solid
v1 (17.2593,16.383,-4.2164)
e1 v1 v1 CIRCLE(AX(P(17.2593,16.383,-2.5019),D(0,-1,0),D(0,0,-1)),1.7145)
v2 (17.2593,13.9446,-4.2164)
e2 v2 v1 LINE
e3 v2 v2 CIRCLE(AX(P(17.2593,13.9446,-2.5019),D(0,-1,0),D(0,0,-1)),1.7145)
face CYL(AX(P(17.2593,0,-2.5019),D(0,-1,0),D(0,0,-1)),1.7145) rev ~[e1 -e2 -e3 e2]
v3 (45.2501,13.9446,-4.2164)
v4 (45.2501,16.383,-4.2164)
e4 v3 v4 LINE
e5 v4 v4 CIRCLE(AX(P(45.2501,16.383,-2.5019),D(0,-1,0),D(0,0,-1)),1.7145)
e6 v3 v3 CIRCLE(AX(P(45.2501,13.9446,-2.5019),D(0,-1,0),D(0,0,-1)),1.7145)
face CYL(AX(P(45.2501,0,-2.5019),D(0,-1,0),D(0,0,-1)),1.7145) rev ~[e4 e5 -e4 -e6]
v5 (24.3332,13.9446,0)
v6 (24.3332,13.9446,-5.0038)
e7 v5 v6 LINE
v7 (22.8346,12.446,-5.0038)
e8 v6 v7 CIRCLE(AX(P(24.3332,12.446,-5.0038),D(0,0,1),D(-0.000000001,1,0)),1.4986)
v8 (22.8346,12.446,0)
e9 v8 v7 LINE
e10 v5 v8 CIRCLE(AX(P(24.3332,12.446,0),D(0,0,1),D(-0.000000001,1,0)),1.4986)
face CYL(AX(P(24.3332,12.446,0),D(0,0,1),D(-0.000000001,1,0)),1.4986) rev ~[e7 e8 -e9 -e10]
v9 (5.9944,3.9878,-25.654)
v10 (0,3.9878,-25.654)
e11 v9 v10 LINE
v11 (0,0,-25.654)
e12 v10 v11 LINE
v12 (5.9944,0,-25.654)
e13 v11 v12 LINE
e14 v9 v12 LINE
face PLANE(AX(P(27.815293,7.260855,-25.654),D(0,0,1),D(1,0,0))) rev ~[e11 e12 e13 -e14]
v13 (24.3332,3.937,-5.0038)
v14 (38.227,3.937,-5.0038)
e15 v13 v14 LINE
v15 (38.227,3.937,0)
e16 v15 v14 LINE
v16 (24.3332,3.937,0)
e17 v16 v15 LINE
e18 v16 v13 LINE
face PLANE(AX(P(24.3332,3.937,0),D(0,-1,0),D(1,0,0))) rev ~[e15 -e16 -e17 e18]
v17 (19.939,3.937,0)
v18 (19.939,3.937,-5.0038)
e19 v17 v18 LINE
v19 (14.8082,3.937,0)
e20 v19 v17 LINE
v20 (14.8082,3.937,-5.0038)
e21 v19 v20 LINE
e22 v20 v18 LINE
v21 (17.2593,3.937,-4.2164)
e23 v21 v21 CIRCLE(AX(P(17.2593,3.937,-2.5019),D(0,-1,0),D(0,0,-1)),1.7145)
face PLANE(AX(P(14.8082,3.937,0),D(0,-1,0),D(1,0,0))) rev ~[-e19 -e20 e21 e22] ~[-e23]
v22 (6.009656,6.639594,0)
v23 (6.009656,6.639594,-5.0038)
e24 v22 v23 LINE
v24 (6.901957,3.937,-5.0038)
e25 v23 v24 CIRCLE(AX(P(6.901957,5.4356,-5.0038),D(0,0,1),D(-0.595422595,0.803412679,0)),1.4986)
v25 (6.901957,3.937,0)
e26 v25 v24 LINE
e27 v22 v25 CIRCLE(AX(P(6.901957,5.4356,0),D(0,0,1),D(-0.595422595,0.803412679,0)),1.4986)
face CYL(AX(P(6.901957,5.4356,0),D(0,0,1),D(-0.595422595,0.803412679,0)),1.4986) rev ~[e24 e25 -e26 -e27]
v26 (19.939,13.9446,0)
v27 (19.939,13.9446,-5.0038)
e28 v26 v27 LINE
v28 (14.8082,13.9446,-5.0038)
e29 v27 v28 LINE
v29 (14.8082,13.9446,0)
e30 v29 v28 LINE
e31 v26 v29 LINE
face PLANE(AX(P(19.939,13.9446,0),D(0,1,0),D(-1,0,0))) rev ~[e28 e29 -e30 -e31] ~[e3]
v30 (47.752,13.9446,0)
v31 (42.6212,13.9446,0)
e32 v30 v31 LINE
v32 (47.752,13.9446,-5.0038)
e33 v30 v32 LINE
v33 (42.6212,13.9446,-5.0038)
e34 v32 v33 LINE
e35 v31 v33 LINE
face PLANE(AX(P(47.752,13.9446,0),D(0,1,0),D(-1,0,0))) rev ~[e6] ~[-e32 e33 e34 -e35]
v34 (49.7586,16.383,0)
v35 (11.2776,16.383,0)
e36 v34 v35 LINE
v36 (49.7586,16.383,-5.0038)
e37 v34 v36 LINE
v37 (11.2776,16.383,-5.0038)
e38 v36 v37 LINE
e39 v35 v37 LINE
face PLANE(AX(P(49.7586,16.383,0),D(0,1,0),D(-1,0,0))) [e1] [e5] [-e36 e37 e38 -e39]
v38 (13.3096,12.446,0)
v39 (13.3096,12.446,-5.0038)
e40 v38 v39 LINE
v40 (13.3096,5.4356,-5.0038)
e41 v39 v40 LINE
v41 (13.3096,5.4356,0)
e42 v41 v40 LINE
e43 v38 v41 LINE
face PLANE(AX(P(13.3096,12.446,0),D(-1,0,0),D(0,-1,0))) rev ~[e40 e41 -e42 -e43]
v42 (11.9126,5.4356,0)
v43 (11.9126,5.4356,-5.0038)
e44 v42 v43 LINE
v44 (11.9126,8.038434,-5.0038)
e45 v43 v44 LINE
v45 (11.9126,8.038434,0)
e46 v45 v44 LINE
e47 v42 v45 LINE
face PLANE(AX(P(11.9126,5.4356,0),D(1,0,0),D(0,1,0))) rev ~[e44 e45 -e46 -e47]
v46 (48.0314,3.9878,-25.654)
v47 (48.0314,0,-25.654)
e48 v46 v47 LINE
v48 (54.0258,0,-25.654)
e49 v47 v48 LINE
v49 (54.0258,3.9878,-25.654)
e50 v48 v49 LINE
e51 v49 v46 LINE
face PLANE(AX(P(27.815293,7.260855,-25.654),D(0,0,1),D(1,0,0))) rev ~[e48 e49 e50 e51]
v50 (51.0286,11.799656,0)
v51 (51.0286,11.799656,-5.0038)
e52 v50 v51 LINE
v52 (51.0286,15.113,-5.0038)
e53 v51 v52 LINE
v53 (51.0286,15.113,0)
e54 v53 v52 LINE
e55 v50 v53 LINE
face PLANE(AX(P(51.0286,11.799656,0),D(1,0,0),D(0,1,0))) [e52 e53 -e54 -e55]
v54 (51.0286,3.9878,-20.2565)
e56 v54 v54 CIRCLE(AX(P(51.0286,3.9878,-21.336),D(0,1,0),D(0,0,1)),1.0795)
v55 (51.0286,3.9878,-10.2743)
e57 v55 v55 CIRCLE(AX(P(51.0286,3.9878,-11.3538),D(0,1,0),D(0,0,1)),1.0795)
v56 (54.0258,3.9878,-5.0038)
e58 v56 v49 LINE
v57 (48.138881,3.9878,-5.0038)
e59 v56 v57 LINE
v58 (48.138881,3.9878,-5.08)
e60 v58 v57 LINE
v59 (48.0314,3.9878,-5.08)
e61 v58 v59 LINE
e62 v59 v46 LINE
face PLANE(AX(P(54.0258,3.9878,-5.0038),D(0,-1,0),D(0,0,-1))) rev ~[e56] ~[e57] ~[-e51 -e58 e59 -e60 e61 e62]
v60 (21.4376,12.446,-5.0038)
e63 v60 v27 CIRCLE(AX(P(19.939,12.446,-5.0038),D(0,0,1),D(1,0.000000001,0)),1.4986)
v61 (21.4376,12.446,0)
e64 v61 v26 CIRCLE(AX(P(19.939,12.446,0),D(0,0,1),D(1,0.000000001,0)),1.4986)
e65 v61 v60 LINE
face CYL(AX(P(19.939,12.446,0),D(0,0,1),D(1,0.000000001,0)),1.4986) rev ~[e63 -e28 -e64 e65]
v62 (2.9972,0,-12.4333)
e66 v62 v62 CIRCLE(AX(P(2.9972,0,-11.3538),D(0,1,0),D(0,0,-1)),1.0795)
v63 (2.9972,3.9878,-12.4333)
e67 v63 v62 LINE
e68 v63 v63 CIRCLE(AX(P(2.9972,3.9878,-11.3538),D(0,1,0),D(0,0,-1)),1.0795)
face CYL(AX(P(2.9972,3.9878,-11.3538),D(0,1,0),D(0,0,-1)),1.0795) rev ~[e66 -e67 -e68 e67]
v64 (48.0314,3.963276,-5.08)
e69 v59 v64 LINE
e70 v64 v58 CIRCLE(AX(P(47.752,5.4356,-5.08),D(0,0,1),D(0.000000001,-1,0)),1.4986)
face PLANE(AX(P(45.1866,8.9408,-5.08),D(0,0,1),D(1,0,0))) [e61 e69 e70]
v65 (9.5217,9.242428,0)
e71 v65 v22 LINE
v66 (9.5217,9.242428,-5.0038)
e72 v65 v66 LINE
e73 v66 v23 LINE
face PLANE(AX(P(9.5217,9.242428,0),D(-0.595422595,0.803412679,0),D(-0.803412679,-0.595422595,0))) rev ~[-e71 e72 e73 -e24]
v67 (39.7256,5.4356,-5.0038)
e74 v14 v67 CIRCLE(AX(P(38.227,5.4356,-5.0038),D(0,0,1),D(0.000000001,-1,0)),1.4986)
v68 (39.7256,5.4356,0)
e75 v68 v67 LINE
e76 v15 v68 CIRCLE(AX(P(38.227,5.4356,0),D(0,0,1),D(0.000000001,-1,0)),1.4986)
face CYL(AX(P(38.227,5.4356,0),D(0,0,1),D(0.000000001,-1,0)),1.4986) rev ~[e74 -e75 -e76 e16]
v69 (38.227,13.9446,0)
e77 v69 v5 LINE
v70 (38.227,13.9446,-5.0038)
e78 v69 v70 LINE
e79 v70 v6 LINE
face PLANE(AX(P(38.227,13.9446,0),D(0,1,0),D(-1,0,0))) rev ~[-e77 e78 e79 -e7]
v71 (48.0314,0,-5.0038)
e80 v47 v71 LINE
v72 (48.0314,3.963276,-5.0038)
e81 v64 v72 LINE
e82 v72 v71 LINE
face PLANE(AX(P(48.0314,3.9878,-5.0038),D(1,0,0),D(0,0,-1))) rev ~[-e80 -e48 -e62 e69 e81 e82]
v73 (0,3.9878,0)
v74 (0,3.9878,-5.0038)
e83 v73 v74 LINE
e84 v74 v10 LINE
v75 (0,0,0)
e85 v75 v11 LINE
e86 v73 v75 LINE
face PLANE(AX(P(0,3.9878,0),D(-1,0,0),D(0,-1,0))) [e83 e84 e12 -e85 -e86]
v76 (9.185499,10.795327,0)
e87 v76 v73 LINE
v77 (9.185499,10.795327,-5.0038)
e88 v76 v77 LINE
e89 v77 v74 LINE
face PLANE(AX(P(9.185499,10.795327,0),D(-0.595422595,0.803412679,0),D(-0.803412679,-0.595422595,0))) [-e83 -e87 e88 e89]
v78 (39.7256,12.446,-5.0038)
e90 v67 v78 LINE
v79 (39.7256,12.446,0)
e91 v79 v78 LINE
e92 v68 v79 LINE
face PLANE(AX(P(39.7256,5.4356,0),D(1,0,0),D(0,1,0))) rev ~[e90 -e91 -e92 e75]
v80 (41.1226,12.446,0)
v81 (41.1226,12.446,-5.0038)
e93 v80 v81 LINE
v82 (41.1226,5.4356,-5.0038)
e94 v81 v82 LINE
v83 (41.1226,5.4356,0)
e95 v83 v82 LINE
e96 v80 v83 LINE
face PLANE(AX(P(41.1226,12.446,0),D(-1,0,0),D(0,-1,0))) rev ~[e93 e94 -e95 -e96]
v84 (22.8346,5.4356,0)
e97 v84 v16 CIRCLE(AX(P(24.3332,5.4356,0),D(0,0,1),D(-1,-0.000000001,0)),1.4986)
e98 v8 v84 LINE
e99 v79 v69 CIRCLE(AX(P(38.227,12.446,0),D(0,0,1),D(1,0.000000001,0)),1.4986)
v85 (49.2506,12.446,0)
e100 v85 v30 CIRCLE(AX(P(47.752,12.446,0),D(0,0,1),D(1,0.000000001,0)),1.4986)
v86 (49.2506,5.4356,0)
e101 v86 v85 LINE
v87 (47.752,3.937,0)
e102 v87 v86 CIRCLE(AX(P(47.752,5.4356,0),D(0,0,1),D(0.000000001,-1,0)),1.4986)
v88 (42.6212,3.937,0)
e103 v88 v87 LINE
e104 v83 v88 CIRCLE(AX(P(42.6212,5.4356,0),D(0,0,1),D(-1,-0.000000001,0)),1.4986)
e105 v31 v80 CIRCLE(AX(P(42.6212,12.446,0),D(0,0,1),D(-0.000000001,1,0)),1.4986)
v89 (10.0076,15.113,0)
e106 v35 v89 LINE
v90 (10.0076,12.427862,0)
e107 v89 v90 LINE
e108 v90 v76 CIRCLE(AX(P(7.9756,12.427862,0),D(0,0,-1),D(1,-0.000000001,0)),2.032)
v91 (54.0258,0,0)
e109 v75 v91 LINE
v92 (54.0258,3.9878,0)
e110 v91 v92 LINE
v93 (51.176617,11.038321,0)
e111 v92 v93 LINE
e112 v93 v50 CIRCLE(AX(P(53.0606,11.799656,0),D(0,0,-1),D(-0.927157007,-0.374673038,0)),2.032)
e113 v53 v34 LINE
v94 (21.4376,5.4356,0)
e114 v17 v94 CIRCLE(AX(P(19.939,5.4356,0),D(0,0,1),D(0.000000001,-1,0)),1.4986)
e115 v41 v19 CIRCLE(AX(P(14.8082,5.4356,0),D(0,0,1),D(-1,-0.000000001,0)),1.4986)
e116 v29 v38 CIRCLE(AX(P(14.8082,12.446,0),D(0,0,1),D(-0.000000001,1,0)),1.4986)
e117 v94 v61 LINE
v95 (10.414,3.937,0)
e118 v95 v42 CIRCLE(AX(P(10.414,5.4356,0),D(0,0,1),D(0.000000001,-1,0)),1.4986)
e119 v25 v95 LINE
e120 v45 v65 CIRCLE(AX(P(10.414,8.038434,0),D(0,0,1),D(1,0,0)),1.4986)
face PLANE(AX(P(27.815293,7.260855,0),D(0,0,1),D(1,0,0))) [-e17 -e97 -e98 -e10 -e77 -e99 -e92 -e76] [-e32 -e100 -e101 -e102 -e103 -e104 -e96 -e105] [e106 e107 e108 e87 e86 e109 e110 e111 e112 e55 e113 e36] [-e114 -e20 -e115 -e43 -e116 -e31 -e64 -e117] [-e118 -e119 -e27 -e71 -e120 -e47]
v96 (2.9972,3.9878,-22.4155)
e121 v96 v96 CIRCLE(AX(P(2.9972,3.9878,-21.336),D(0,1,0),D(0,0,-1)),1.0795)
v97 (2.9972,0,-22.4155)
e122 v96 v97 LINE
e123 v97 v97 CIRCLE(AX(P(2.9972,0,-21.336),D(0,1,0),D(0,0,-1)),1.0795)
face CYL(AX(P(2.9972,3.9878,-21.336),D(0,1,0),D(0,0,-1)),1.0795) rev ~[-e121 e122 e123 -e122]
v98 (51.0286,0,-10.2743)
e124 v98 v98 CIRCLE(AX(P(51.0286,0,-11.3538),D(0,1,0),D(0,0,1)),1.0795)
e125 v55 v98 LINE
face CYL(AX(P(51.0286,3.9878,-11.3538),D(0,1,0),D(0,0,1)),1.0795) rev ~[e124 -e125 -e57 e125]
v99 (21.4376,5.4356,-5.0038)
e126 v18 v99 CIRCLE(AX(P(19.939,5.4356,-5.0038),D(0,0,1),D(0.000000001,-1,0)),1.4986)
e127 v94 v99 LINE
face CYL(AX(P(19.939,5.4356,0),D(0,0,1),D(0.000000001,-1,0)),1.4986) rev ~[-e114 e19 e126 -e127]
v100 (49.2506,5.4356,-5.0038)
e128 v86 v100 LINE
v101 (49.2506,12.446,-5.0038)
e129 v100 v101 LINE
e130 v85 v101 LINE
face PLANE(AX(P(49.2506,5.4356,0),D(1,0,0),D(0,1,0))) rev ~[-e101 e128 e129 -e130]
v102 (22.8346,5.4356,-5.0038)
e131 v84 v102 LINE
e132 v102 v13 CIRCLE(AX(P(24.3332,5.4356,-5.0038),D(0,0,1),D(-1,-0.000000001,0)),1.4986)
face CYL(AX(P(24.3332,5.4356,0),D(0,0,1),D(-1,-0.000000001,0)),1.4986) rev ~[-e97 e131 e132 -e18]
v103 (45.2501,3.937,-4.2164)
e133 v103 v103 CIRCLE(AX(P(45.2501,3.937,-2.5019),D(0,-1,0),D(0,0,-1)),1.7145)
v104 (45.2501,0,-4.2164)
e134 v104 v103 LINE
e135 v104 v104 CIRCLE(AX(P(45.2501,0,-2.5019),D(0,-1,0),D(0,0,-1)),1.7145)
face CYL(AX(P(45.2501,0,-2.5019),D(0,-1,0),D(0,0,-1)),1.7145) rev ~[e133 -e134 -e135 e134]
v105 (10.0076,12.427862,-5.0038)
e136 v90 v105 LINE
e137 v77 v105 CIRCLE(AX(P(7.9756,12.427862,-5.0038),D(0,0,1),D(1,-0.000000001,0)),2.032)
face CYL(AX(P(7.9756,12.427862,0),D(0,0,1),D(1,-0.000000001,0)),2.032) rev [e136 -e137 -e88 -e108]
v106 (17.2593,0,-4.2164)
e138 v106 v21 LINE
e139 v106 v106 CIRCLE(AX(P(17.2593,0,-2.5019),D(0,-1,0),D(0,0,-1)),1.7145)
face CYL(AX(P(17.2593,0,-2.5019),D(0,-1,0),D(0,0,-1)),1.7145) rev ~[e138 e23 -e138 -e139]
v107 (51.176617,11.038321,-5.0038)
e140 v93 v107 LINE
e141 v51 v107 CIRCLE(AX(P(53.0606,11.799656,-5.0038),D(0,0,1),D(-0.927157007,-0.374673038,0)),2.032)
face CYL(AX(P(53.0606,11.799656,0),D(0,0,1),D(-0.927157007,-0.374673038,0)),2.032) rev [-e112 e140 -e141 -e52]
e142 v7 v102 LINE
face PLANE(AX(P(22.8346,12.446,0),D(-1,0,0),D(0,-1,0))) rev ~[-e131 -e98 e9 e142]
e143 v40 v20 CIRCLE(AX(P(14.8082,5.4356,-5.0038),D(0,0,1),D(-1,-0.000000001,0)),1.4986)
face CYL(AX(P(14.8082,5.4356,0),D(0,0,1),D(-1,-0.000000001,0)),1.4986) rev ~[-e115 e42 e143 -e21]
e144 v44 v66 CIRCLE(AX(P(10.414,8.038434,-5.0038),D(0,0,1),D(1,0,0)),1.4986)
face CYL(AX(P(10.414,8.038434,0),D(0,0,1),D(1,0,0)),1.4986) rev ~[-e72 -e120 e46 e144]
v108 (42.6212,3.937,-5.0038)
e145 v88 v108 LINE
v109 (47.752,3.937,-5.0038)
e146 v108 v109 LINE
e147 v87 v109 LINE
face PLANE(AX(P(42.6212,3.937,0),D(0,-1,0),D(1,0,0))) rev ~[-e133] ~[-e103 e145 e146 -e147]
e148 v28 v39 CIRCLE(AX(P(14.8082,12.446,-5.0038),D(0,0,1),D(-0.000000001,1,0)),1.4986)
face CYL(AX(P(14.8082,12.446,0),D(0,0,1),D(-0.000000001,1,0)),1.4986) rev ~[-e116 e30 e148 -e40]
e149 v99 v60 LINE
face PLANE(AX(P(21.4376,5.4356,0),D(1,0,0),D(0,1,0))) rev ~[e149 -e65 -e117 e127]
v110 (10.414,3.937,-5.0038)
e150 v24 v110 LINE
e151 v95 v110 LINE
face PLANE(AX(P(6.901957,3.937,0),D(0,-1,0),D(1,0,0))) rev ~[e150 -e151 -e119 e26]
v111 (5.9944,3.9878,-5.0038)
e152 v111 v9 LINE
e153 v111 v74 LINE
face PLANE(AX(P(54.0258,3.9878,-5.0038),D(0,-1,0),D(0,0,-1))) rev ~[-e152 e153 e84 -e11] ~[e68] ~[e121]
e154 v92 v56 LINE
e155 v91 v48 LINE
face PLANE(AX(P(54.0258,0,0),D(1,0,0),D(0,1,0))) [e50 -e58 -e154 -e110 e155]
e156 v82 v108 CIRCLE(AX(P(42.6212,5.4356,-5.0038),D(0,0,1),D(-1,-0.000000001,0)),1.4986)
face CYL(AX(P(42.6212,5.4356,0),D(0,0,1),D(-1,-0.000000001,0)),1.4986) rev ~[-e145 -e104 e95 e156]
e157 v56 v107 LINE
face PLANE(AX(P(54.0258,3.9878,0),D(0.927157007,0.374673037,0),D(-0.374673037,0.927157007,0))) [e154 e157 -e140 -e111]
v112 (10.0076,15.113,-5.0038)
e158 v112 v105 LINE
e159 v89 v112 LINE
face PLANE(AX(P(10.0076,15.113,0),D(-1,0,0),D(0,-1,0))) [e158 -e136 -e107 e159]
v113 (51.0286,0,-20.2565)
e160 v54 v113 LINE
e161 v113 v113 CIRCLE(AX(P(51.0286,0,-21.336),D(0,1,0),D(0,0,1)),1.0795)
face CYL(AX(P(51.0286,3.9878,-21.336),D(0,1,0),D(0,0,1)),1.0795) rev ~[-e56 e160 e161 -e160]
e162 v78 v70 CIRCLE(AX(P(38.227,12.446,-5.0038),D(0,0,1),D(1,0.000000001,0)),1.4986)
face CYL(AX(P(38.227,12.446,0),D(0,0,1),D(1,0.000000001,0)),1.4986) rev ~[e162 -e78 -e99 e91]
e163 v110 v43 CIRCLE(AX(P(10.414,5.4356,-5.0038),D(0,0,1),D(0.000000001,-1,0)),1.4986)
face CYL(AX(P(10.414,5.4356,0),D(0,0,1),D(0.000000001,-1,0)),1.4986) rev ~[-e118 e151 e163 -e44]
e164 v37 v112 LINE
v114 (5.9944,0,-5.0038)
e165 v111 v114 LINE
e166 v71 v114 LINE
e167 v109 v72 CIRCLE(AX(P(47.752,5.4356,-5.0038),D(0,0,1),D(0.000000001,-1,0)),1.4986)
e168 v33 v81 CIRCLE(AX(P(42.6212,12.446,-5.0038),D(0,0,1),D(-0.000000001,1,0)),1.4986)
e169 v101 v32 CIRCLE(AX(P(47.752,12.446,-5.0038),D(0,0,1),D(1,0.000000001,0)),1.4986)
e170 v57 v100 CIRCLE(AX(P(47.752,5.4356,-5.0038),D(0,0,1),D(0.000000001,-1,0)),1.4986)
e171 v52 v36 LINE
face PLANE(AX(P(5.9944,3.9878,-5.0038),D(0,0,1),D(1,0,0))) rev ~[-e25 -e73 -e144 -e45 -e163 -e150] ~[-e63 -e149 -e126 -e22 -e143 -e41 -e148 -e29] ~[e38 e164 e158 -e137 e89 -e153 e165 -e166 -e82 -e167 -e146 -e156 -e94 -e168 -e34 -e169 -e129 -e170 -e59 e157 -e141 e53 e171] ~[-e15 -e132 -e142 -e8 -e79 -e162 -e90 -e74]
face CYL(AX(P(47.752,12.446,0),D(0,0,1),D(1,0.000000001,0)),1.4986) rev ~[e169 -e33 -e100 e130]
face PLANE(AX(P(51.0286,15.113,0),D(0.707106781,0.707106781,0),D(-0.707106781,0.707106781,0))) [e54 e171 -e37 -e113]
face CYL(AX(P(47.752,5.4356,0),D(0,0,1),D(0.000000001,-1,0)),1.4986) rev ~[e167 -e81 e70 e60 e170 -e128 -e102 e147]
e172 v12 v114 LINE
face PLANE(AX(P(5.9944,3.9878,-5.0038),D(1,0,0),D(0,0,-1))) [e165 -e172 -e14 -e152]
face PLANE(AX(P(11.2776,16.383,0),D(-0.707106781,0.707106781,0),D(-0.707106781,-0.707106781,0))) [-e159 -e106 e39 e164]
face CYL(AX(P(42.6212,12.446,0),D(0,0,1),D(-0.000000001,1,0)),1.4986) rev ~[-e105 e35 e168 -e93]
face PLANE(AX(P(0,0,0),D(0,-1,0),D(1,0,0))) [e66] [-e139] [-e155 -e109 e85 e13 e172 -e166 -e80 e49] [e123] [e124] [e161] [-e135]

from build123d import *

# Parameters (mm, degrees)
BOSS_EXTRUDE1_DEPTH = 25.654
SKETCH2_W           = 20.6502
SKETCH2_H           = 12.3952
CUT_EXTRUDE1_DEPTH  = 63.010623853
SKETCH3_W           = 42.037
SKETCH3_H           = 20.6502
CUT_EXTRUDE2_DEPTH  = 62.078275718
CUT_EXTRUDE3_DEPTH  = 5.08
SKETCH5_R           = 1.0795
CUT_EXTRUDE4_DEPTH  = 62.078275718
SKETCH6_R           = 1.7145
CUT_EXTRUDE5_DEPTH  = 63.010623853


with BuildPart() as part:
    # Sketch1 → Boss-Extrude1 (new body)
    with BuildSketch(Plane.XY):
        with BuildLine():
            Line((0, 0), (54.0258, 0))
            Line((54.0258, 0), (54.0258, 3.9878))
            Line((54.0258, 3.9878), (51.176616962, 11.038320738))
            ThreePointArc((51.176616962, 11.038320738), (51.065947457, 11.411860999), (51.0286, 11.799656349))
            Line((51.0286, 11.799656349), (51.0286, 15.113))
            Line((51.0286, 15.113), (49.7586, 16.383))
            Line((49.7586, 16.383), (11.2776, 16.383))
            Line((11.2776, 16.383), (10.0076, 15.113))
            Line((10.0076, 15.113), (10.0076, 12.427861529))
            ThreePointArc((10.0076, 12.427861529), (9.790474401, 11.513938717), (9.185498713, 10.795326965))
            Line((9.185498713, 10.795326965), (0, 3.9878))
            Line((0, 3.9878), (0, 0))
        make_face()
    extrude(amount=-BOSS_EXTRUDE1_DEPTH)

    # Sketch2 → Cut-Extrude1 (cut, through all)
    with BuildSketch(Plane(origin=(54.0258, 0, 0), x_dir=(0, 0, -1), z_dir=(1, 0, 0))):
        with Locations((15.3289, 10.1854)):
            Rectangle(SKETCH2_W, SKETCH2_H)
    extrude(amount=-CUT_EXTRUDE1_DEPTH, mode=Mode.SUBTRACT)

    # Sketch3 → Cut-Extrude2 (cut, through all)
    with BuildSketch(Plane(origin=(0, 3.9878, 0), x_dir=(1, 0, 0), z_dir=(0, 1, 0))):
        with Locations((27.0129, 15.3289)):
            Rectangle(SKETCH3_W, SKETCH3_H)
    extrude(amount=-CUT_EXTRUDE2_DEPTH, mode=Mode.SUBTRACT)

    # Sketch4 → Cut-Extrude3 (cut)
    with BuildSketch(Plane.XY):
        with BuildLine():
            Line((6.901956547, 3.937), (10.414, 3.937))
            ThreePointArc((10.414, 3.937), (11.473670222, 4.375929778), (11.9126, 5.4356))
            Line((11.9126, 5.4356), (11.9126, 8.038434234))
            ThreePointArc((11.9126, 8.038434234), (11.088018074, 9.376904105), (9.521699699, 9.242428475))
            Line((9.521699699, 9.242428475), (6.009656246, 6.639594241))
            ThreePointArc((6.009656246, 6.639594241), (5.478912674, 4.965761629), (6.901956547, 3.937))
        make_face()
        with BuildLine():
            Line((47.752, 13.9446), (42.6212, 13.9446))
            ThreePointArc((42.6212, 13.9446), (41.561529778, 13.505670222), (41.1226, 12.446))
            Line((41.1226, 12.446), (41.1226, 5.4356))
            ThreePointArc((41.1226, 5.4356), (41.561529778, 4.375929778), (42.6212, 3.937))
            Line((42.6212, 3.937), (47.752, 3.937))
            ThreePointArc((47.752, 3.937), (48.811670222, 4.375929778), (49.2506, 5.4356))
            Line((49.2506, 5.4356), (49.2506, 12.446))
            ThreePointArc((49.2506, 12.446), (48.811670222, 13.505670222), (47.752, 13.9446))
        make_face()
        with BuildLine():
            Line((13.3096, 12.446), (13.3096, 5.4356))
            ThreePointArc((13.3096, 5.4356), (13.748529778, 4.375929778), (14.8082, 3.937))
            Line((14.8082, 3.937), (19.939, 3.937))
            ThreePointArc((19.939, 3.937), (20.998670222, 4.375929778), (21.4376, 5.4356))
            Line((21.4376, 5.4356), (21.4376, 12.446))
            ThreePointArc((21.4376, 12.446), (20.998670222, 13.505670222), (19.939, 13.9446))
            Line((19.939, 13.9446), (14.8082, 13.9446))
            ThreePointArc((14.8082, 13.9446), (13.748529778, 13.505670222), (13.3096, 12.446))
        make_face()
        with BuildLine():
            Line((22.8346, 12.446), (22.8346, 5.4356))
            ThreePointArc((22.8346, 5.4356), (23.273529778, 4.375929778), (24.3332, 3.937))
            Line((24.3332, 3.937), (38.227, 3.937))
            ThreePointArc((38.227, 3.937), (39.286670222, 4.375929778), (39.7256, 5.4356))
            Line((39.7256, 5.4356), (39.7256, 12.446))
            ThreePointArc((39.7256, 12.446), (39.286670222, 13.505670222), (38.227, 13.9446))
            Line((38.227, 13.9446), (24.3332, 13.9446))
            ThreePointArc((24.3332, 13.9446), (23.273529778, 13.505670222), (22.8346, 12.446))
        make_face()
    extrude(amount=-CUT_EXTRUDE3_DEPTH, mode=Mode.SUBTRACT)

    # Sketch5 → Cut-Extrude4 (cut, through all)
    with BuildSketch(Plane(origin=(0, 3.9878, 0), x_dir=(1, 0, 0), z_dir=(0, 1, 0))):
        with Locations(Location((51.0286, 21.336, 0), (0, 0, 270))):
            Circle(SKETCH5_R)
        with Locations(Location((51.0286, 11.3538, 0), (0, 0, 270))):
            Circle(SKETCH5_R)
        with Locations(Location((2.9972, 11.3538, 0), (0, 0, 90))):
            Circle(SKETCH5_R)
        with Locations(Location((2.9972, 21.336, 0), (0, 0, 90))):
            Circle(SKETCH5_R)
    extrude(amount=-CUT_EXTRUDE4_DEPTH, mode=Mode.SUBTRACT)

    # Sketch6 → Cut-Extrude5 (cut, through all)
    with BuildSketch(Plane.XZ):
        with Locations(Location((45.2501, -2.5019, 0), (0, 0, 270))):
            Circle(SKETCH6_R)
        with Locations(Location((17.2593, -2.5019, 0), (0, 0, 270))):
            Circle(SKETCH6_R)
    extrude(amount=-CUT_EXTRUDE5_DEPTH, mode=Mode.SUBTRACT)


solid = part.part
